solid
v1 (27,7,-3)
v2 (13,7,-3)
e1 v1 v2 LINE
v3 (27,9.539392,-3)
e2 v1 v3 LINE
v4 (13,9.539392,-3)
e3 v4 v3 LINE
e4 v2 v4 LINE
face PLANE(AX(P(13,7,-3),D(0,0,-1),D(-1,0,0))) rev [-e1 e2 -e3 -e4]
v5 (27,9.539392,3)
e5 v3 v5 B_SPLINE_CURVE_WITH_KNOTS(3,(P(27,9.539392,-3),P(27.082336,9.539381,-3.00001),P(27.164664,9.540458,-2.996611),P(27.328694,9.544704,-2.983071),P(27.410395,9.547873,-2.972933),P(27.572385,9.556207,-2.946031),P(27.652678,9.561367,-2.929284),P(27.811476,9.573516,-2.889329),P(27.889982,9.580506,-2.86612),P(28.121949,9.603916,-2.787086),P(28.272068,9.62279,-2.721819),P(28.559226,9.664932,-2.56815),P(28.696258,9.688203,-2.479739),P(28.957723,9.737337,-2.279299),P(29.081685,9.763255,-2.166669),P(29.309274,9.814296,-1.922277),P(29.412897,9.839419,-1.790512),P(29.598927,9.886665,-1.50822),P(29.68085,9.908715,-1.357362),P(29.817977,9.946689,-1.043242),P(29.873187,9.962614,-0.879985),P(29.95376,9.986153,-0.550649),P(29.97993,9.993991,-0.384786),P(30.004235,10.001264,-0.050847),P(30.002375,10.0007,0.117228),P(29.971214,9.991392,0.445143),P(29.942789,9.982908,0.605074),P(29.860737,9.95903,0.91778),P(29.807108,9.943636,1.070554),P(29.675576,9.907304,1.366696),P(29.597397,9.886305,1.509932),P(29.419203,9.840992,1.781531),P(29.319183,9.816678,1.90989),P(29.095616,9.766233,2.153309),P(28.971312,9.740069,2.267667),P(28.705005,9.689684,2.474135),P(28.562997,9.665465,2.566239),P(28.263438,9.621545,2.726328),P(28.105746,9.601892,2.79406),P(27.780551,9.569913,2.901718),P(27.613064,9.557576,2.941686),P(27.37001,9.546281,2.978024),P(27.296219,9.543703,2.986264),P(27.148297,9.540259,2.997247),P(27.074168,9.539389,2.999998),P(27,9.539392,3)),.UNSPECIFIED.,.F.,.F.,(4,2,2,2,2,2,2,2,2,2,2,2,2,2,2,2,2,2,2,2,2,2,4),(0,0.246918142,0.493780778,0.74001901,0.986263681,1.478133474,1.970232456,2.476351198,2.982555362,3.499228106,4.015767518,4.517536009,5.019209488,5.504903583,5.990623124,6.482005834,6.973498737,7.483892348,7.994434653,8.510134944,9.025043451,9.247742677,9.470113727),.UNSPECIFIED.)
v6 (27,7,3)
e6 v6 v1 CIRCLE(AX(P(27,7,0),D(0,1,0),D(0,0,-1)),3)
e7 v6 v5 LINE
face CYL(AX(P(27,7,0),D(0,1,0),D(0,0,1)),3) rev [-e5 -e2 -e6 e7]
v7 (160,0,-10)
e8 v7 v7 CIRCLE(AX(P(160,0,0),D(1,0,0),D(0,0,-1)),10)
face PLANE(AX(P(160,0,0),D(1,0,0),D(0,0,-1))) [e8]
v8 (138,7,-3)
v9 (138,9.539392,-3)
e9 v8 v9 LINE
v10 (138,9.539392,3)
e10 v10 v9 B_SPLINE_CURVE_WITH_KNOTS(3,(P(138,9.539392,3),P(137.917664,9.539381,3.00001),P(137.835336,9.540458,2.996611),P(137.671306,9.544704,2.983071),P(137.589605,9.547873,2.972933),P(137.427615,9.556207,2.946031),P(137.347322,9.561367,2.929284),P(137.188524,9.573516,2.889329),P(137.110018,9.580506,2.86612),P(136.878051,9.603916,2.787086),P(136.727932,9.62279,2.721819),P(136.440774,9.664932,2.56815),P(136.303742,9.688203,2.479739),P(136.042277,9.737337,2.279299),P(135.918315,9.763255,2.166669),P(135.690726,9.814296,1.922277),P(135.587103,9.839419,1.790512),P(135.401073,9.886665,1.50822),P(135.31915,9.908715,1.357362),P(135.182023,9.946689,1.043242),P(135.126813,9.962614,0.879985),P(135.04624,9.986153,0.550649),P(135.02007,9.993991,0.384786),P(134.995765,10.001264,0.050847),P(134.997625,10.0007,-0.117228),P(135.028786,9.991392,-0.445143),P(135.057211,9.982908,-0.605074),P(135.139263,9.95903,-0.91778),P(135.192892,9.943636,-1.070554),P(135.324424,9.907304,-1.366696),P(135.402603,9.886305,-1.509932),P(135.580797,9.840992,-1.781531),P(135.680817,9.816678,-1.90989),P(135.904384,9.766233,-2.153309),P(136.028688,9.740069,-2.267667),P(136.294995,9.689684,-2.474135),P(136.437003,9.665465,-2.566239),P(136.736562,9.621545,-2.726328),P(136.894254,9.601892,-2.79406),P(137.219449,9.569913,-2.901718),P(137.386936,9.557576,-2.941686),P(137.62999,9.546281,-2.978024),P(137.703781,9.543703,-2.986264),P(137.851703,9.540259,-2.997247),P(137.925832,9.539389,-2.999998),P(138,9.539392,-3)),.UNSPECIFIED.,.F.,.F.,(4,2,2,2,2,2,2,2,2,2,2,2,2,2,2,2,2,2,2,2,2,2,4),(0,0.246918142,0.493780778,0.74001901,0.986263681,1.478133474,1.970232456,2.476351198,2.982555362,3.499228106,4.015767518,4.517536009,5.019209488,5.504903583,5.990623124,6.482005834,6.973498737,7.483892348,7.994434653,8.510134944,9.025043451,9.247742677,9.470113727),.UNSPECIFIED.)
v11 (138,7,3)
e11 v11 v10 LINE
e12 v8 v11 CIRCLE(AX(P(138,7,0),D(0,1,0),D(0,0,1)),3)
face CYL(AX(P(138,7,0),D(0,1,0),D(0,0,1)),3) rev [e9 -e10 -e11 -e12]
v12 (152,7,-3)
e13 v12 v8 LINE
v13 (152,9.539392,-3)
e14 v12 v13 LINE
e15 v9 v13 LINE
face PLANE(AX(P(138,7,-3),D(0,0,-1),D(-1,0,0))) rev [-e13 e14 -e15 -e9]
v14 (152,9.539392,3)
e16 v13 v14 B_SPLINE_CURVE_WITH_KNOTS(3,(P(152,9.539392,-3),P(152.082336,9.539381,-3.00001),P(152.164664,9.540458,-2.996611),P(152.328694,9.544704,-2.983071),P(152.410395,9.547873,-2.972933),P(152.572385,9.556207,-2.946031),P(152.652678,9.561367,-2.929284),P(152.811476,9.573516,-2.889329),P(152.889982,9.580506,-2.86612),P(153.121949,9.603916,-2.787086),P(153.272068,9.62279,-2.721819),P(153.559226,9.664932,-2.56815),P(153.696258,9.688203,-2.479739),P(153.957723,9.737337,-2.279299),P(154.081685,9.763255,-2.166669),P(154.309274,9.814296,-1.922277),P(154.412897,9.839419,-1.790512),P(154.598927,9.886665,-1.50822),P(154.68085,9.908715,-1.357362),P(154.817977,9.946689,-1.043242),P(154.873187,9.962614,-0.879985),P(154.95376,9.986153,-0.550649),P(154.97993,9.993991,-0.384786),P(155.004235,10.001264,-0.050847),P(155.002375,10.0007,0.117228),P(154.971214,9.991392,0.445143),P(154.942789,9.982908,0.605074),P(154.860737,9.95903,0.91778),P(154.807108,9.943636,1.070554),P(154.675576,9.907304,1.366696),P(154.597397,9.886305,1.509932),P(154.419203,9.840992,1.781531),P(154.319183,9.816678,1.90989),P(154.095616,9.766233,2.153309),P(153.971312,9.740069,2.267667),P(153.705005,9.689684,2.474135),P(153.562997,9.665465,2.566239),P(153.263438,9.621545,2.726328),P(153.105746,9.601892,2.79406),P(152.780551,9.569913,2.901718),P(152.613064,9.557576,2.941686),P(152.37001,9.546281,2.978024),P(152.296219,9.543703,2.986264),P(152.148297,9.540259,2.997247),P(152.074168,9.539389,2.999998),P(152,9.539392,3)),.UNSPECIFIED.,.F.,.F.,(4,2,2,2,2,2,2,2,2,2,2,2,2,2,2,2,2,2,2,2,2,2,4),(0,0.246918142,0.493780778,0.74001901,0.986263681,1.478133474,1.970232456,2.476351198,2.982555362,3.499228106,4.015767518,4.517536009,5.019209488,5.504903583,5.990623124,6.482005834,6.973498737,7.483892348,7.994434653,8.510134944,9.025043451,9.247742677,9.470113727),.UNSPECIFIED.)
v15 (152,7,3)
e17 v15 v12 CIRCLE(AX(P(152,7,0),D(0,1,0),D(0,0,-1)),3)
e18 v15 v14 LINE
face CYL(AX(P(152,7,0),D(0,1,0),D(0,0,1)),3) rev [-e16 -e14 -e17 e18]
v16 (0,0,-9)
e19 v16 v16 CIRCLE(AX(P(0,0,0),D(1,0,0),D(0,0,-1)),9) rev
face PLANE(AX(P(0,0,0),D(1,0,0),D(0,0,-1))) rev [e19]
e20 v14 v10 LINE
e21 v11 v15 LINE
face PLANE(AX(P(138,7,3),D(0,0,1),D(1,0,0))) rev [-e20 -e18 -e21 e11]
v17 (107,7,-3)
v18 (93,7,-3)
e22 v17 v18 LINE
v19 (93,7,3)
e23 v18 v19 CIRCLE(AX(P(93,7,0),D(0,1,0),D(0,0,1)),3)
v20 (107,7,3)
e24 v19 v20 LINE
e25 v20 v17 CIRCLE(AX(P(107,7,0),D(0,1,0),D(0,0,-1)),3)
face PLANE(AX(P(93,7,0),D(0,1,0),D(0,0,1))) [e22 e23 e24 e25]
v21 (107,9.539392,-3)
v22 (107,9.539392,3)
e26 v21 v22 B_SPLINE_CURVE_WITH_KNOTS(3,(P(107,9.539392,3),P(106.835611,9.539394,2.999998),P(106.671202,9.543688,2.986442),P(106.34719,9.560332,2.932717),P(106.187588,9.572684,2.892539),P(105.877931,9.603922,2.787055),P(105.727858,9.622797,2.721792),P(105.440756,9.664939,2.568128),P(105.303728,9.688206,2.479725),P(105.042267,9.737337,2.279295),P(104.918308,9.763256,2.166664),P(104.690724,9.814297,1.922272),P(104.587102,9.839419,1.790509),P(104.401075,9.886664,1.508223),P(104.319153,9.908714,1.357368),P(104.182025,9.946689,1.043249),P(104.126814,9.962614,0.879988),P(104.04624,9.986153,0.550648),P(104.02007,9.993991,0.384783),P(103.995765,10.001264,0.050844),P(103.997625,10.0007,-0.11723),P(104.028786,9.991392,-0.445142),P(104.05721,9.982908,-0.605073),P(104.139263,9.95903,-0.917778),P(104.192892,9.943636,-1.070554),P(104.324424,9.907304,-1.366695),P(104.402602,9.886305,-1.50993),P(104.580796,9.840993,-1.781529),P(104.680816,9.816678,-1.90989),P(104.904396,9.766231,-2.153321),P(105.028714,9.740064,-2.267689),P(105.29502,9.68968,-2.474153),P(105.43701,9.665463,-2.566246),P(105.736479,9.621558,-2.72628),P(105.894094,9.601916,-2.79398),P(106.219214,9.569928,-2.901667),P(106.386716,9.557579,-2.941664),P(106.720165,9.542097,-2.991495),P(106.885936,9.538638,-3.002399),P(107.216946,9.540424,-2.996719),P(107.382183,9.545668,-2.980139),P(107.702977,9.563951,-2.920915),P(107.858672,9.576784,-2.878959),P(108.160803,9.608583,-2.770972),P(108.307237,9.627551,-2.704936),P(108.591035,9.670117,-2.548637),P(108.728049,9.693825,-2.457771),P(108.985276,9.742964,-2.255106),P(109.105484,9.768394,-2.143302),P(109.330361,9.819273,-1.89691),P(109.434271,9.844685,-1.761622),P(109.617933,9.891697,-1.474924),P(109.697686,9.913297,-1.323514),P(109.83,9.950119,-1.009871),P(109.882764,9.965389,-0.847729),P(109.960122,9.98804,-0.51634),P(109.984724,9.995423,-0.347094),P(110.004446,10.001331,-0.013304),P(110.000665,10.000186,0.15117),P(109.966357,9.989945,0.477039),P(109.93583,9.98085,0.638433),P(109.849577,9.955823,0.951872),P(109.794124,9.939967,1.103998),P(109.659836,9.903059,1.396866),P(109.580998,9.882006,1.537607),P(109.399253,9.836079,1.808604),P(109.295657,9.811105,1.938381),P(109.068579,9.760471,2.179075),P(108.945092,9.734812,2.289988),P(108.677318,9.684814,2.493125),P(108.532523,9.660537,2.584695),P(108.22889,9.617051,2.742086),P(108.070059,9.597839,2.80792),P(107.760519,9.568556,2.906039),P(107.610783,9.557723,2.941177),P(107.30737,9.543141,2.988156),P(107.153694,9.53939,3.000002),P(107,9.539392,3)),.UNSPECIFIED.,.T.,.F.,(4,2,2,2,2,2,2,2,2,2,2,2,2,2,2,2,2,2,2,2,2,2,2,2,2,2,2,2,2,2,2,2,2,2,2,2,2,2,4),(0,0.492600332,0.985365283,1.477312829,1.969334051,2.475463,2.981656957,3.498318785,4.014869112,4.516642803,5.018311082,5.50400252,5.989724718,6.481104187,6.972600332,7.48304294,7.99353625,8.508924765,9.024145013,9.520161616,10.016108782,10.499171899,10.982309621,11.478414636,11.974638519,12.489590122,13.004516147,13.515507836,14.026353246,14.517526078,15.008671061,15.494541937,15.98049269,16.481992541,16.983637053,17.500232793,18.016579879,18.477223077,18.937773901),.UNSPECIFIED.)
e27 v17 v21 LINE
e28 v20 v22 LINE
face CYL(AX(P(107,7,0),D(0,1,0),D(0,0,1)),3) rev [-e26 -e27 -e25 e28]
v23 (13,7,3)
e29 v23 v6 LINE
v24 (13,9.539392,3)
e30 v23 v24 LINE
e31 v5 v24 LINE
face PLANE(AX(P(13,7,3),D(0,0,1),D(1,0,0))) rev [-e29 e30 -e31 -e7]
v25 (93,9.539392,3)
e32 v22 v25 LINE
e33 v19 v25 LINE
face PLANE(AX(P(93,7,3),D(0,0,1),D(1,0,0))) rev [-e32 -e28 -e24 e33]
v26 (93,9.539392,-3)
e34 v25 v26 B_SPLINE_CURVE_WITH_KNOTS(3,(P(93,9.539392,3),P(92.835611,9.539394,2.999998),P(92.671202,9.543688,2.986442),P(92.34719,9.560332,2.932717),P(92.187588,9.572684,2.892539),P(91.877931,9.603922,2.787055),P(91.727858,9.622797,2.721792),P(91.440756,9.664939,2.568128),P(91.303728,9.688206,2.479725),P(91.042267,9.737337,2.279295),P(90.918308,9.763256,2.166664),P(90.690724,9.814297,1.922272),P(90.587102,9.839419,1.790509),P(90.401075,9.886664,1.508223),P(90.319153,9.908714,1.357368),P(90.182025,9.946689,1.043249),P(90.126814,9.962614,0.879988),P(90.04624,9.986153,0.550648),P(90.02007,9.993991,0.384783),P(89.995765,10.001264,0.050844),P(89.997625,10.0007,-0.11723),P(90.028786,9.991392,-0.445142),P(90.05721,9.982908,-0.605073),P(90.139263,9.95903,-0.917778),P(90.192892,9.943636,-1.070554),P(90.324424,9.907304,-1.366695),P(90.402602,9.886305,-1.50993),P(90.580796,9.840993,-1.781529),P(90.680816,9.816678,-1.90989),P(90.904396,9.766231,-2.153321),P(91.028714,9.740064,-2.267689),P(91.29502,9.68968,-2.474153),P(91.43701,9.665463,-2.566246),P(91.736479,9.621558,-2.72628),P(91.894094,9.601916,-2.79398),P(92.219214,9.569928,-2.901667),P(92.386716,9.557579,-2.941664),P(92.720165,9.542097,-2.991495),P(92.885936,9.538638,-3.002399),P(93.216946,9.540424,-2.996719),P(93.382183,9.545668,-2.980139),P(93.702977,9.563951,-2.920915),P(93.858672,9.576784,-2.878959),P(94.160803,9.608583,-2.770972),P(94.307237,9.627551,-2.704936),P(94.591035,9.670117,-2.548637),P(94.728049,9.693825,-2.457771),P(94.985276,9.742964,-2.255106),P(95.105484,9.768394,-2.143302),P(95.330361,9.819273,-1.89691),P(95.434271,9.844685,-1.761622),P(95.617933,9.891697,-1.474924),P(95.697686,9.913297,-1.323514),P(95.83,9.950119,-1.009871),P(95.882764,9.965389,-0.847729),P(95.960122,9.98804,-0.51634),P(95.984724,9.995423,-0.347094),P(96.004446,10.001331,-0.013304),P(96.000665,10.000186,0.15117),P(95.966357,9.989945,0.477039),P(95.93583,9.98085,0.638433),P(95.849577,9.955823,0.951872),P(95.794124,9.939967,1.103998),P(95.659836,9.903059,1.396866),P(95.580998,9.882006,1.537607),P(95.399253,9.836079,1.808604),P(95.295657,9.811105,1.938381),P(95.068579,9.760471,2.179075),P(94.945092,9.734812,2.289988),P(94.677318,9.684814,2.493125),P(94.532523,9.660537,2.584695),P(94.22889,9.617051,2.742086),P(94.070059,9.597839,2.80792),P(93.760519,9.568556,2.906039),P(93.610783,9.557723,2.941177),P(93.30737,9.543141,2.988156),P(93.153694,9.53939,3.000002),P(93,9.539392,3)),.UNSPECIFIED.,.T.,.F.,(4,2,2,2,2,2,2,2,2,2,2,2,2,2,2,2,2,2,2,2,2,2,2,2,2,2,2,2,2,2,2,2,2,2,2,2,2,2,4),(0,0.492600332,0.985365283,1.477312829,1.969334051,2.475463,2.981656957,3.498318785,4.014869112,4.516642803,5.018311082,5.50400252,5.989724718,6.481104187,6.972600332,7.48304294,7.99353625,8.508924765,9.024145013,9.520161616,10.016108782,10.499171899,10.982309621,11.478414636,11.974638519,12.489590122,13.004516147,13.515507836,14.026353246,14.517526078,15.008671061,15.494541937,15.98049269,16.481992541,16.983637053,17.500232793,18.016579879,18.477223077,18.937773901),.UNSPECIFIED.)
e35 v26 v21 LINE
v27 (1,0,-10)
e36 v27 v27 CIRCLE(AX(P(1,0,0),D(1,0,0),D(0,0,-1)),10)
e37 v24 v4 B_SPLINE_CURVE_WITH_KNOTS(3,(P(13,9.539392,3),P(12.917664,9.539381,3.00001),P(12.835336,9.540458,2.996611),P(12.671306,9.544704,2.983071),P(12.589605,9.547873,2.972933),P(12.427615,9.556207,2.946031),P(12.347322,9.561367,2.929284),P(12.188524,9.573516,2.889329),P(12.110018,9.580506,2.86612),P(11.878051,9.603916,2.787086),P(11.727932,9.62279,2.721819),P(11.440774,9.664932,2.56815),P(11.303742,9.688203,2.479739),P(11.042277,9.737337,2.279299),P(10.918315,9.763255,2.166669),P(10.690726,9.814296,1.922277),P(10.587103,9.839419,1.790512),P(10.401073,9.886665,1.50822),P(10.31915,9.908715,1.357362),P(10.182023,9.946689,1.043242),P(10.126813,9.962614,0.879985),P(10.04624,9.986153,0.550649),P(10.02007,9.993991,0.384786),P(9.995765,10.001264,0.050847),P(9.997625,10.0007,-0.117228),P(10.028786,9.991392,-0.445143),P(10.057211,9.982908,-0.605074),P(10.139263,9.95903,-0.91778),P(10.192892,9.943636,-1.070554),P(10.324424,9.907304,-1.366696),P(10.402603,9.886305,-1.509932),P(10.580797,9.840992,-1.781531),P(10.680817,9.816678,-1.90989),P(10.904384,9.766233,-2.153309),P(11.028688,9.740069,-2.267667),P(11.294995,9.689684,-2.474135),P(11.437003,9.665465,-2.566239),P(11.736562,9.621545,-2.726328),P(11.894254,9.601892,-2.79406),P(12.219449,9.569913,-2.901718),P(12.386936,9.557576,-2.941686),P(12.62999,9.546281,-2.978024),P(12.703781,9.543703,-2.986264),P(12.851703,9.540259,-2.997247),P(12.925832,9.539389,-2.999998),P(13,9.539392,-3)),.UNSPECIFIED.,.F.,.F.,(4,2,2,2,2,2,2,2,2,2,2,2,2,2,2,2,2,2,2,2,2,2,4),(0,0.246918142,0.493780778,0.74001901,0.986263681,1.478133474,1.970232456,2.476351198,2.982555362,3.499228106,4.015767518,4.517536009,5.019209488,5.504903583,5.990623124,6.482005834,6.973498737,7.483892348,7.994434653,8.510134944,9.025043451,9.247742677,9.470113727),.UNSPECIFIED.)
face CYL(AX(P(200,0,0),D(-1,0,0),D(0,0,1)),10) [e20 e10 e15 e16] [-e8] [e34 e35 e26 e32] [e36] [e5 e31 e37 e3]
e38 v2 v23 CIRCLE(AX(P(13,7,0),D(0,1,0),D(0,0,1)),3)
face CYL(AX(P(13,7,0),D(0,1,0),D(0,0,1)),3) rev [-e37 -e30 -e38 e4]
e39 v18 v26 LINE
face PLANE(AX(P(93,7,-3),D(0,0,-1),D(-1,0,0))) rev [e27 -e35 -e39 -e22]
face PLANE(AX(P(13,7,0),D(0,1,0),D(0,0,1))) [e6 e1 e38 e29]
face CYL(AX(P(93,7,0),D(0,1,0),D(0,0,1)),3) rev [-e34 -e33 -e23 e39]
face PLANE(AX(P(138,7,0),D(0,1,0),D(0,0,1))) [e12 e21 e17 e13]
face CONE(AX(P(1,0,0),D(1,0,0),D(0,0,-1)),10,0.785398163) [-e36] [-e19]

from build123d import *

# Parameters (mm, degrees)
SKETCH_1_R             = 10
EXTRUDE_1_DEPTH        = 200
CUT_EXTRUDE_1_DEPTH    = 3
CHAMFER_1_SIZE         = 1
CHAMFER_2_SIZE         = 1
PATTERN_LINEAR_1_COUNT = 3
PATTERN_LINEAR_1_PITCH = 80
CUT_EXTRUDE_START      = -40
SKETCH_4_R             = 10
CUT_EXTRUDE_2_DEPTH    = 40
PATTERN_LINEAR_3_COUNT = 2
PATTERN_LINEAR_3_PITCH = 125


with BuildPart() as part:
    # 草图1 → 凸台-拉伸1 (new body)
    with BuildSketch(Plane(origin=(0, 0, 0), x_dir=(0, 0, -1), z_dir=(1, 0, 0))):
        Circle(SKETCH_1_R)
    extrude(amount=EXTRUDE_1_DEPTH)

    # 草图2 → 切除-拉伸1 (cut)
    with BuildSketch(Plane(origin=(0, 10, 0), x_dir=(1, 0, 0), z_dir=(0, 1, 0))):
        with BuildLine():
            Line((13, 3), (27, 3))
            ThreePointArc((27, 3), (30, 0), (27, -3))
            Line((27, -3), (13, -3))
            ThreePointArc((13, -3), (10, 0), (13, 3))
        make_face()
    cut_extrude_1 = extrude(amount=-CUT_EXTRUDE_1_DEPTH, mode=Mode.SUBTRACT)

    # 倒角1
    chamfer_1_edges = [part.edges().sort_by_distance(p)[0] for p in [
        (0, 0, 10),
    ]]
    chamfer(chamfer_1_edges, length=CHAMFER_1_SIZE)

    # 倒角2
    chamfer_2_edges = [part.edges().sort_by_distance(p)[0] for p in [
        (200, 0, 10),
    ]]
    chamfer(chamfer_2_edges, length=CHAMFER_2_SIZE)

    # 阵列(线性)1: 切除-拉伸1 ×3
    with Locations(*[(i * PATTERN_LINEAR_1_PITCH, 0, 0) for i in range(1, PATTERN_LINEAR_1_COUNT)]):
        add(cut_extrude_1, mode=Mode.SUBTRACT)

    # 草图4 → 切除-拉伸2 (cut)
    with BuildSketch(Plane(origin=(200, 0, 0), x_dir=(0, 0, -1), z_dir=(1, 0, 0)).offset(CUT_EXTRUDE_START)):
        Circle(SKETCH_4_R)
    extrude(amount=CUT_EXTRUDE_2_DEPTH, mode=Mode.SUBTRACT)

    # 阵列(线性)3: 切除-拉伸1 ×2
    with Locations(*[(i * PATTERN_LINEAR_3_PITCH, 0, 0) for i in range(1, PATTERN_LINEAR_3_COUNT)]):
        add(cut_extrude_1, mode=Mode.SUBTRACT)


solid = part.part
